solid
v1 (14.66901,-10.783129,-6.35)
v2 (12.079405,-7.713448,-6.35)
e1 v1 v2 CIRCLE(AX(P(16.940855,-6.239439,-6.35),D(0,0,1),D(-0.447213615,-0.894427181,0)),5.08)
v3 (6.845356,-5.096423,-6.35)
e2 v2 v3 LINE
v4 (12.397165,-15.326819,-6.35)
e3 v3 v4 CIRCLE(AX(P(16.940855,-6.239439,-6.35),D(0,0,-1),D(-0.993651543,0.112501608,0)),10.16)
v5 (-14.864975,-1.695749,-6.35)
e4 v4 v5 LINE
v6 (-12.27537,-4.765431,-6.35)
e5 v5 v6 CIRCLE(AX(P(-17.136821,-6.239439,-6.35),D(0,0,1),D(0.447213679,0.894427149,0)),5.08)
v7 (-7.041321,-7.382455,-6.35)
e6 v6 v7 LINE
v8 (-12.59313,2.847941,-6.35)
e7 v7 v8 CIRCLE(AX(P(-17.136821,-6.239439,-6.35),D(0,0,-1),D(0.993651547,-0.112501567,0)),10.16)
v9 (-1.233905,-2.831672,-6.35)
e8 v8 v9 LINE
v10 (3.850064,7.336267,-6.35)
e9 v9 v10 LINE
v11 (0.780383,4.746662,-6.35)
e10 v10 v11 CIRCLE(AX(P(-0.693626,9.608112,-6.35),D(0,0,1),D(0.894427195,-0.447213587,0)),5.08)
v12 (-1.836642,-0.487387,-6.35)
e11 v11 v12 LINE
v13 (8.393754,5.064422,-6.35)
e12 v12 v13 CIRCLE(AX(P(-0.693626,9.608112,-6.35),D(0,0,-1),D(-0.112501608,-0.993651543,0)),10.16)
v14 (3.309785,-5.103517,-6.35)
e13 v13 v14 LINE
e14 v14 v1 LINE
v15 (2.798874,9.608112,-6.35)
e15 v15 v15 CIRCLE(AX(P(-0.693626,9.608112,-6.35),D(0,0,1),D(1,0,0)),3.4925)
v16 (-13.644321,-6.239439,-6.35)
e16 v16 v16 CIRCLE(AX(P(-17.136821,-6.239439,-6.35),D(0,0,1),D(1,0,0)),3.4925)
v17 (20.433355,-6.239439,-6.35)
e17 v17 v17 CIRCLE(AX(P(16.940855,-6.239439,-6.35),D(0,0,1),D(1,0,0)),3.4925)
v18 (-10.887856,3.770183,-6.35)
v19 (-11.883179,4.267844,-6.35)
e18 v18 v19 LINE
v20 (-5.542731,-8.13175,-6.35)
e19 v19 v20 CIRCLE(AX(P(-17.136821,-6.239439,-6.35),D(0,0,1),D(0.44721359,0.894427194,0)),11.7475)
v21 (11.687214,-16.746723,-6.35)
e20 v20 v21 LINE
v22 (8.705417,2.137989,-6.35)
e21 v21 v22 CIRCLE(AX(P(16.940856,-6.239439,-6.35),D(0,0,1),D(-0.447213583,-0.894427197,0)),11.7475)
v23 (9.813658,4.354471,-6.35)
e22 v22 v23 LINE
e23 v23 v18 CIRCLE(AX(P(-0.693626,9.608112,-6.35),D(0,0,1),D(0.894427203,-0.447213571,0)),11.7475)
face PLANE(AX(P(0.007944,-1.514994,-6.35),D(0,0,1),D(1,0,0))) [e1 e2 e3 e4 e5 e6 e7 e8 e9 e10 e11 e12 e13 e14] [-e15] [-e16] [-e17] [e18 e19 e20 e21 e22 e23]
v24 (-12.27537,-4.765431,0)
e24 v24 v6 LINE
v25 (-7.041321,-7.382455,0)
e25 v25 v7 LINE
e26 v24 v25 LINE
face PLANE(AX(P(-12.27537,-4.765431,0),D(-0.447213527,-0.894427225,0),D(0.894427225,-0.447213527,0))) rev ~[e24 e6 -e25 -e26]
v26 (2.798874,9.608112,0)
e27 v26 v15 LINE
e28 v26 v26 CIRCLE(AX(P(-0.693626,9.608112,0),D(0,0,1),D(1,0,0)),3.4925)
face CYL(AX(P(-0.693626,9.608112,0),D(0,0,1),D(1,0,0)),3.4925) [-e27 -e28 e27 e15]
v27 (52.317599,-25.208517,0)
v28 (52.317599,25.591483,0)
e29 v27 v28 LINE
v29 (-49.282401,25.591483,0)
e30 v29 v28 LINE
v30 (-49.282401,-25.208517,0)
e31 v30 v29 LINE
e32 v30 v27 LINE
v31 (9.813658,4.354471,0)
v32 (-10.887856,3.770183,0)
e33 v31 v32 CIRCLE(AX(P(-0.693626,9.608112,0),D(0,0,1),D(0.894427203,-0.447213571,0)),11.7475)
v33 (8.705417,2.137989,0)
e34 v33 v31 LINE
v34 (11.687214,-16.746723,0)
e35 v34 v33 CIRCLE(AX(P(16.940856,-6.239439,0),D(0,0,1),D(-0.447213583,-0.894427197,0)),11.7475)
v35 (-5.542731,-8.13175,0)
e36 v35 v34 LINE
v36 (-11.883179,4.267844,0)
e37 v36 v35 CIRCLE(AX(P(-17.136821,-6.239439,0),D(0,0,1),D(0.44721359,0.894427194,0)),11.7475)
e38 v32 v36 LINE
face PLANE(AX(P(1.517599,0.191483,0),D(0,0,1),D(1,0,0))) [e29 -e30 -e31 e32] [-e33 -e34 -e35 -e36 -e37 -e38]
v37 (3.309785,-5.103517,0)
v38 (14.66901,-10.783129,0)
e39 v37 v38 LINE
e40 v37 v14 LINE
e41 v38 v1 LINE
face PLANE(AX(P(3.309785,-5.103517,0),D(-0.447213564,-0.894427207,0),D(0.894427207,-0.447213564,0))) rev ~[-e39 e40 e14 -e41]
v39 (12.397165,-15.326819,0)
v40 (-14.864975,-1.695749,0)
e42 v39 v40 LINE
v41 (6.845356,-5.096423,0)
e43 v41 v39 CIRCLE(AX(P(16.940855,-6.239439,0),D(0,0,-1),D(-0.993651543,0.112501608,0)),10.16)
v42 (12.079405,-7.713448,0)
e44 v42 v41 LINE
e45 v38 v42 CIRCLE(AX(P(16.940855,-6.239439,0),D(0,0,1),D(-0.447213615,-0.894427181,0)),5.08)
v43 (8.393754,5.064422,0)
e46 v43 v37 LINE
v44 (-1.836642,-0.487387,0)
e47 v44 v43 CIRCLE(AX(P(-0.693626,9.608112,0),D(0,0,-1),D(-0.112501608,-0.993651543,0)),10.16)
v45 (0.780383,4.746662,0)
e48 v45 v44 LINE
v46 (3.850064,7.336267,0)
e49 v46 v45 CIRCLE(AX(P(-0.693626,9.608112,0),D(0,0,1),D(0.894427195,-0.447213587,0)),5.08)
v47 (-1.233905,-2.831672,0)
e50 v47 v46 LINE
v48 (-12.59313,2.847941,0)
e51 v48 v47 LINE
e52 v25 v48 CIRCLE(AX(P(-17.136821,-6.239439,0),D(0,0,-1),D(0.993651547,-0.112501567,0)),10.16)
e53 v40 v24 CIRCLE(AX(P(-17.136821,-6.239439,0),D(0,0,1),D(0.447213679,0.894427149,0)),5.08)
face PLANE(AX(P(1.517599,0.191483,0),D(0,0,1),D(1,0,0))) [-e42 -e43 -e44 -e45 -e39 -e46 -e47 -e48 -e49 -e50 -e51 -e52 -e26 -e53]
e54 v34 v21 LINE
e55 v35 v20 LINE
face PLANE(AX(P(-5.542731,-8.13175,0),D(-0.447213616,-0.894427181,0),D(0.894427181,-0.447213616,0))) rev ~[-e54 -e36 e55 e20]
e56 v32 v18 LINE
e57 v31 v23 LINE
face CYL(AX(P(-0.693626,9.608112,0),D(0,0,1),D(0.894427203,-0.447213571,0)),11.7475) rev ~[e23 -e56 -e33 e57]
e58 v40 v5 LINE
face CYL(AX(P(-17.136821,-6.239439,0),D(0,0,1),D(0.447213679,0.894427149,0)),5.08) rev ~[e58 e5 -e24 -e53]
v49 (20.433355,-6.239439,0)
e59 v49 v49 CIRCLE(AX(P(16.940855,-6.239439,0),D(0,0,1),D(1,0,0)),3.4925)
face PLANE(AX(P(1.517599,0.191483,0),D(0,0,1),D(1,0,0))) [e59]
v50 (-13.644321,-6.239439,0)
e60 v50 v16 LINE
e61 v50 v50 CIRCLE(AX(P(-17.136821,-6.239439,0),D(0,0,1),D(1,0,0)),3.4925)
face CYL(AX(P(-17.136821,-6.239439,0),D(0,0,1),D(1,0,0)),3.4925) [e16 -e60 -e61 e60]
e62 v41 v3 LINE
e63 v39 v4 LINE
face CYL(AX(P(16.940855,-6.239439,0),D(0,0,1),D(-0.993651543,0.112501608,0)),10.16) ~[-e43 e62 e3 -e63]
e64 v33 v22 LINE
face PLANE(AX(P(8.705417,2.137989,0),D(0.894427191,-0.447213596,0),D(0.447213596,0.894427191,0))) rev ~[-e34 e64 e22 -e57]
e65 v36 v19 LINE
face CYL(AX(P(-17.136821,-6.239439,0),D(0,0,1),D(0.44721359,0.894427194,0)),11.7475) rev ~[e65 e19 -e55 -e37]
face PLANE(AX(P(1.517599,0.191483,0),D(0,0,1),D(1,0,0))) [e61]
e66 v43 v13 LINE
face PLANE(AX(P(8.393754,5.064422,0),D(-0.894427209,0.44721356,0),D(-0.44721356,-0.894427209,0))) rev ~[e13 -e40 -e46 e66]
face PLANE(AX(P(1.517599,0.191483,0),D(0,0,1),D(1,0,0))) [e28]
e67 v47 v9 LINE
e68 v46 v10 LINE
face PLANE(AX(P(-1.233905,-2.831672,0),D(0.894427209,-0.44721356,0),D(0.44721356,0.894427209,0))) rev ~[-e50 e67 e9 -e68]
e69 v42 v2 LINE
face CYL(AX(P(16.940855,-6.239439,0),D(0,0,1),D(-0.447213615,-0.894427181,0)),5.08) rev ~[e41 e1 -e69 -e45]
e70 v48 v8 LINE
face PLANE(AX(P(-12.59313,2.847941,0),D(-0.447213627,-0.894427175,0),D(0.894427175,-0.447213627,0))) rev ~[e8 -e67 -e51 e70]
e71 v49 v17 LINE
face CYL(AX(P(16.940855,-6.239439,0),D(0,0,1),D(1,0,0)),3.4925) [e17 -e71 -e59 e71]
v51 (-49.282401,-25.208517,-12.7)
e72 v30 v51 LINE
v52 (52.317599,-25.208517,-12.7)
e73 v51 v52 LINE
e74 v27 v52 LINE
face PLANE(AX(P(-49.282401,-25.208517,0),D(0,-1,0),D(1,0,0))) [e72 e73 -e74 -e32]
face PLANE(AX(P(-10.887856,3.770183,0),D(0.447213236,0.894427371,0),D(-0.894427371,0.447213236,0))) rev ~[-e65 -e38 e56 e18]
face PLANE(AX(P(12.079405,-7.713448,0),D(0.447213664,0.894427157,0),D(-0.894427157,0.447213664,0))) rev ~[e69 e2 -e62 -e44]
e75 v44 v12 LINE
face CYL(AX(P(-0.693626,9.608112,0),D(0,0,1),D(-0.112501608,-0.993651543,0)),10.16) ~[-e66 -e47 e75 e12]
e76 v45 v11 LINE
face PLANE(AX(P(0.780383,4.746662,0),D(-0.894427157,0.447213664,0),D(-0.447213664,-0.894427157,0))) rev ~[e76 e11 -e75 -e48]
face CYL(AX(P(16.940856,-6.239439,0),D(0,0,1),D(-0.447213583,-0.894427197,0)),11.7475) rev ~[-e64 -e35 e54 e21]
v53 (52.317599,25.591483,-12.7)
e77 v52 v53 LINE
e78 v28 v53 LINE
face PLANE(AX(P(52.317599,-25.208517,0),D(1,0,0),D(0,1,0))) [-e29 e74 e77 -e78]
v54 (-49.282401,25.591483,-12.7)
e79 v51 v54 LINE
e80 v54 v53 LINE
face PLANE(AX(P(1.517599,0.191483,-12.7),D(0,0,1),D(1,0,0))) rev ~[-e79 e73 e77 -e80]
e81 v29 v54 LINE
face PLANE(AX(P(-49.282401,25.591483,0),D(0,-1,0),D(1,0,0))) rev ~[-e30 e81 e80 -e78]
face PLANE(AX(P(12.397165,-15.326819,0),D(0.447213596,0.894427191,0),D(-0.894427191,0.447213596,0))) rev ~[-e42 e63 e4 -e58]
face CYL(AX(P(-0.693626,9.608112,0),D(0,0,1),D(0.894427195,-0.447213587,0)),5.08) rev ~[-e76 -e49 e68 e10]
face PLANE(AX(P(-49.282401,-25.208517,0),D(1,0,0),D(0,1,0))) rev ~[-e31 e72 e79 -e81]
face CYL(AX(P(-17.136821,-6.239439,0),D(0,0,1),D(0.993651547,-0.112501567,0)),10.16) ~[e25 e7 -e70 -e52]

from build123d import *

# Parameters (mm, degrees)
F0_W     = 101.6
F0_H     = 50.8
F1_DEPTH = 12.7
F2_R     = 3.4925
F3_DEPTH = 6.35


with BuildPart() as f1:
    # F0 (on Top) → F1 (new body)
    with BuildSketch(Plane.XY):
        with Locations((1.517599, 0.191483)):
            Rectangle(F0_W, F0_H)
    extrude(amount=-F1_DEPTH)

    # F2 (on Top) → F3 (cut)
    with BuildSketch(Plane.XY):
        with BuildLine():
            Line((8.705417, 2.137989), (9.813658, 4.354471))
            ThreePointArc((9.813658, 4.354471), (-1.02506, 21.350936), (-10.887856, 3.770183))
            Line((-10.887856, 3.770183), (-11.883179, 4.267844))
            ThreePointArc((-11.883179, 4.267844), (-27.596218, -11.587781), (-5.542731, -8.13175))
            Line((-5.542731, -8.13175), (11.687214, -16.746723))
            ThreePointArc((11.687214, -16.746723), (28.544601, -4.407269), (8.705417, 2.137989))
        make_face()
        with Locations((-17.136821, -6.239439)):
            Circle(F2_R, mode=Mode.SUBTRACT)
        with BuildLine():
            Line((12.397165, -15.326819), (-14.864975, -1.695749))
            ThreePointArc((-14.864975, -1.695749), (-21.019695, -9.515059), (-12.27537, -4.765431))
            Line((-12.27537, -4.765431), (-7.041321, -7.382455))
            ThreePointArc((-7.041321, -7.382455), (-26.066643, -11.085456), (-12.59313, 2.847941))
            Line((-12.59313, 2.847941), (-1.233905, -2.831672))
            Line((-1.233905, -2.831672), (3.850064, 7.336267))
            ThreePointArc((3.850064, 7.336267), (-3.969246, 13.490986), (0.780383, 4.746662))
            Line((0.780383, 4.746662), (-1.836642, -0.487387))
            ThreePointArc((-1.836642, -0.487387), (-5.539642, 18.537934), (8.393754, 5.064422))
            Line((8.393754, 5.064422), (3.309785, -5.103517))
            Line((3.309785, -5.103517), (14.66901, -10.783129))
            ThreePointArc((14.66901, -10.783129), (20.82373, -2.963819), (12.079405, -7.713448))
            Line((12.079405, -7.713448), (6.845356, -5.096423))
            ThreePointArc((6.845356, -5.096423), (25.870677, -1.393423), (12.397165, -15.326819))
        make_face(mode=Mode.SUBTRACT)
        with Locations((16.940855, -6.239439)):
            Circle(F2_R, mode=Mode.SUBTRACT)
        with Locations((-0.693626, 9.608112)):
            Circle(F2_R, mode=Mode.SUBTRACT)
    extrude(amount=-F3_DEPTH, mode=Mode.SUBTRACT)


solid = f1.part
